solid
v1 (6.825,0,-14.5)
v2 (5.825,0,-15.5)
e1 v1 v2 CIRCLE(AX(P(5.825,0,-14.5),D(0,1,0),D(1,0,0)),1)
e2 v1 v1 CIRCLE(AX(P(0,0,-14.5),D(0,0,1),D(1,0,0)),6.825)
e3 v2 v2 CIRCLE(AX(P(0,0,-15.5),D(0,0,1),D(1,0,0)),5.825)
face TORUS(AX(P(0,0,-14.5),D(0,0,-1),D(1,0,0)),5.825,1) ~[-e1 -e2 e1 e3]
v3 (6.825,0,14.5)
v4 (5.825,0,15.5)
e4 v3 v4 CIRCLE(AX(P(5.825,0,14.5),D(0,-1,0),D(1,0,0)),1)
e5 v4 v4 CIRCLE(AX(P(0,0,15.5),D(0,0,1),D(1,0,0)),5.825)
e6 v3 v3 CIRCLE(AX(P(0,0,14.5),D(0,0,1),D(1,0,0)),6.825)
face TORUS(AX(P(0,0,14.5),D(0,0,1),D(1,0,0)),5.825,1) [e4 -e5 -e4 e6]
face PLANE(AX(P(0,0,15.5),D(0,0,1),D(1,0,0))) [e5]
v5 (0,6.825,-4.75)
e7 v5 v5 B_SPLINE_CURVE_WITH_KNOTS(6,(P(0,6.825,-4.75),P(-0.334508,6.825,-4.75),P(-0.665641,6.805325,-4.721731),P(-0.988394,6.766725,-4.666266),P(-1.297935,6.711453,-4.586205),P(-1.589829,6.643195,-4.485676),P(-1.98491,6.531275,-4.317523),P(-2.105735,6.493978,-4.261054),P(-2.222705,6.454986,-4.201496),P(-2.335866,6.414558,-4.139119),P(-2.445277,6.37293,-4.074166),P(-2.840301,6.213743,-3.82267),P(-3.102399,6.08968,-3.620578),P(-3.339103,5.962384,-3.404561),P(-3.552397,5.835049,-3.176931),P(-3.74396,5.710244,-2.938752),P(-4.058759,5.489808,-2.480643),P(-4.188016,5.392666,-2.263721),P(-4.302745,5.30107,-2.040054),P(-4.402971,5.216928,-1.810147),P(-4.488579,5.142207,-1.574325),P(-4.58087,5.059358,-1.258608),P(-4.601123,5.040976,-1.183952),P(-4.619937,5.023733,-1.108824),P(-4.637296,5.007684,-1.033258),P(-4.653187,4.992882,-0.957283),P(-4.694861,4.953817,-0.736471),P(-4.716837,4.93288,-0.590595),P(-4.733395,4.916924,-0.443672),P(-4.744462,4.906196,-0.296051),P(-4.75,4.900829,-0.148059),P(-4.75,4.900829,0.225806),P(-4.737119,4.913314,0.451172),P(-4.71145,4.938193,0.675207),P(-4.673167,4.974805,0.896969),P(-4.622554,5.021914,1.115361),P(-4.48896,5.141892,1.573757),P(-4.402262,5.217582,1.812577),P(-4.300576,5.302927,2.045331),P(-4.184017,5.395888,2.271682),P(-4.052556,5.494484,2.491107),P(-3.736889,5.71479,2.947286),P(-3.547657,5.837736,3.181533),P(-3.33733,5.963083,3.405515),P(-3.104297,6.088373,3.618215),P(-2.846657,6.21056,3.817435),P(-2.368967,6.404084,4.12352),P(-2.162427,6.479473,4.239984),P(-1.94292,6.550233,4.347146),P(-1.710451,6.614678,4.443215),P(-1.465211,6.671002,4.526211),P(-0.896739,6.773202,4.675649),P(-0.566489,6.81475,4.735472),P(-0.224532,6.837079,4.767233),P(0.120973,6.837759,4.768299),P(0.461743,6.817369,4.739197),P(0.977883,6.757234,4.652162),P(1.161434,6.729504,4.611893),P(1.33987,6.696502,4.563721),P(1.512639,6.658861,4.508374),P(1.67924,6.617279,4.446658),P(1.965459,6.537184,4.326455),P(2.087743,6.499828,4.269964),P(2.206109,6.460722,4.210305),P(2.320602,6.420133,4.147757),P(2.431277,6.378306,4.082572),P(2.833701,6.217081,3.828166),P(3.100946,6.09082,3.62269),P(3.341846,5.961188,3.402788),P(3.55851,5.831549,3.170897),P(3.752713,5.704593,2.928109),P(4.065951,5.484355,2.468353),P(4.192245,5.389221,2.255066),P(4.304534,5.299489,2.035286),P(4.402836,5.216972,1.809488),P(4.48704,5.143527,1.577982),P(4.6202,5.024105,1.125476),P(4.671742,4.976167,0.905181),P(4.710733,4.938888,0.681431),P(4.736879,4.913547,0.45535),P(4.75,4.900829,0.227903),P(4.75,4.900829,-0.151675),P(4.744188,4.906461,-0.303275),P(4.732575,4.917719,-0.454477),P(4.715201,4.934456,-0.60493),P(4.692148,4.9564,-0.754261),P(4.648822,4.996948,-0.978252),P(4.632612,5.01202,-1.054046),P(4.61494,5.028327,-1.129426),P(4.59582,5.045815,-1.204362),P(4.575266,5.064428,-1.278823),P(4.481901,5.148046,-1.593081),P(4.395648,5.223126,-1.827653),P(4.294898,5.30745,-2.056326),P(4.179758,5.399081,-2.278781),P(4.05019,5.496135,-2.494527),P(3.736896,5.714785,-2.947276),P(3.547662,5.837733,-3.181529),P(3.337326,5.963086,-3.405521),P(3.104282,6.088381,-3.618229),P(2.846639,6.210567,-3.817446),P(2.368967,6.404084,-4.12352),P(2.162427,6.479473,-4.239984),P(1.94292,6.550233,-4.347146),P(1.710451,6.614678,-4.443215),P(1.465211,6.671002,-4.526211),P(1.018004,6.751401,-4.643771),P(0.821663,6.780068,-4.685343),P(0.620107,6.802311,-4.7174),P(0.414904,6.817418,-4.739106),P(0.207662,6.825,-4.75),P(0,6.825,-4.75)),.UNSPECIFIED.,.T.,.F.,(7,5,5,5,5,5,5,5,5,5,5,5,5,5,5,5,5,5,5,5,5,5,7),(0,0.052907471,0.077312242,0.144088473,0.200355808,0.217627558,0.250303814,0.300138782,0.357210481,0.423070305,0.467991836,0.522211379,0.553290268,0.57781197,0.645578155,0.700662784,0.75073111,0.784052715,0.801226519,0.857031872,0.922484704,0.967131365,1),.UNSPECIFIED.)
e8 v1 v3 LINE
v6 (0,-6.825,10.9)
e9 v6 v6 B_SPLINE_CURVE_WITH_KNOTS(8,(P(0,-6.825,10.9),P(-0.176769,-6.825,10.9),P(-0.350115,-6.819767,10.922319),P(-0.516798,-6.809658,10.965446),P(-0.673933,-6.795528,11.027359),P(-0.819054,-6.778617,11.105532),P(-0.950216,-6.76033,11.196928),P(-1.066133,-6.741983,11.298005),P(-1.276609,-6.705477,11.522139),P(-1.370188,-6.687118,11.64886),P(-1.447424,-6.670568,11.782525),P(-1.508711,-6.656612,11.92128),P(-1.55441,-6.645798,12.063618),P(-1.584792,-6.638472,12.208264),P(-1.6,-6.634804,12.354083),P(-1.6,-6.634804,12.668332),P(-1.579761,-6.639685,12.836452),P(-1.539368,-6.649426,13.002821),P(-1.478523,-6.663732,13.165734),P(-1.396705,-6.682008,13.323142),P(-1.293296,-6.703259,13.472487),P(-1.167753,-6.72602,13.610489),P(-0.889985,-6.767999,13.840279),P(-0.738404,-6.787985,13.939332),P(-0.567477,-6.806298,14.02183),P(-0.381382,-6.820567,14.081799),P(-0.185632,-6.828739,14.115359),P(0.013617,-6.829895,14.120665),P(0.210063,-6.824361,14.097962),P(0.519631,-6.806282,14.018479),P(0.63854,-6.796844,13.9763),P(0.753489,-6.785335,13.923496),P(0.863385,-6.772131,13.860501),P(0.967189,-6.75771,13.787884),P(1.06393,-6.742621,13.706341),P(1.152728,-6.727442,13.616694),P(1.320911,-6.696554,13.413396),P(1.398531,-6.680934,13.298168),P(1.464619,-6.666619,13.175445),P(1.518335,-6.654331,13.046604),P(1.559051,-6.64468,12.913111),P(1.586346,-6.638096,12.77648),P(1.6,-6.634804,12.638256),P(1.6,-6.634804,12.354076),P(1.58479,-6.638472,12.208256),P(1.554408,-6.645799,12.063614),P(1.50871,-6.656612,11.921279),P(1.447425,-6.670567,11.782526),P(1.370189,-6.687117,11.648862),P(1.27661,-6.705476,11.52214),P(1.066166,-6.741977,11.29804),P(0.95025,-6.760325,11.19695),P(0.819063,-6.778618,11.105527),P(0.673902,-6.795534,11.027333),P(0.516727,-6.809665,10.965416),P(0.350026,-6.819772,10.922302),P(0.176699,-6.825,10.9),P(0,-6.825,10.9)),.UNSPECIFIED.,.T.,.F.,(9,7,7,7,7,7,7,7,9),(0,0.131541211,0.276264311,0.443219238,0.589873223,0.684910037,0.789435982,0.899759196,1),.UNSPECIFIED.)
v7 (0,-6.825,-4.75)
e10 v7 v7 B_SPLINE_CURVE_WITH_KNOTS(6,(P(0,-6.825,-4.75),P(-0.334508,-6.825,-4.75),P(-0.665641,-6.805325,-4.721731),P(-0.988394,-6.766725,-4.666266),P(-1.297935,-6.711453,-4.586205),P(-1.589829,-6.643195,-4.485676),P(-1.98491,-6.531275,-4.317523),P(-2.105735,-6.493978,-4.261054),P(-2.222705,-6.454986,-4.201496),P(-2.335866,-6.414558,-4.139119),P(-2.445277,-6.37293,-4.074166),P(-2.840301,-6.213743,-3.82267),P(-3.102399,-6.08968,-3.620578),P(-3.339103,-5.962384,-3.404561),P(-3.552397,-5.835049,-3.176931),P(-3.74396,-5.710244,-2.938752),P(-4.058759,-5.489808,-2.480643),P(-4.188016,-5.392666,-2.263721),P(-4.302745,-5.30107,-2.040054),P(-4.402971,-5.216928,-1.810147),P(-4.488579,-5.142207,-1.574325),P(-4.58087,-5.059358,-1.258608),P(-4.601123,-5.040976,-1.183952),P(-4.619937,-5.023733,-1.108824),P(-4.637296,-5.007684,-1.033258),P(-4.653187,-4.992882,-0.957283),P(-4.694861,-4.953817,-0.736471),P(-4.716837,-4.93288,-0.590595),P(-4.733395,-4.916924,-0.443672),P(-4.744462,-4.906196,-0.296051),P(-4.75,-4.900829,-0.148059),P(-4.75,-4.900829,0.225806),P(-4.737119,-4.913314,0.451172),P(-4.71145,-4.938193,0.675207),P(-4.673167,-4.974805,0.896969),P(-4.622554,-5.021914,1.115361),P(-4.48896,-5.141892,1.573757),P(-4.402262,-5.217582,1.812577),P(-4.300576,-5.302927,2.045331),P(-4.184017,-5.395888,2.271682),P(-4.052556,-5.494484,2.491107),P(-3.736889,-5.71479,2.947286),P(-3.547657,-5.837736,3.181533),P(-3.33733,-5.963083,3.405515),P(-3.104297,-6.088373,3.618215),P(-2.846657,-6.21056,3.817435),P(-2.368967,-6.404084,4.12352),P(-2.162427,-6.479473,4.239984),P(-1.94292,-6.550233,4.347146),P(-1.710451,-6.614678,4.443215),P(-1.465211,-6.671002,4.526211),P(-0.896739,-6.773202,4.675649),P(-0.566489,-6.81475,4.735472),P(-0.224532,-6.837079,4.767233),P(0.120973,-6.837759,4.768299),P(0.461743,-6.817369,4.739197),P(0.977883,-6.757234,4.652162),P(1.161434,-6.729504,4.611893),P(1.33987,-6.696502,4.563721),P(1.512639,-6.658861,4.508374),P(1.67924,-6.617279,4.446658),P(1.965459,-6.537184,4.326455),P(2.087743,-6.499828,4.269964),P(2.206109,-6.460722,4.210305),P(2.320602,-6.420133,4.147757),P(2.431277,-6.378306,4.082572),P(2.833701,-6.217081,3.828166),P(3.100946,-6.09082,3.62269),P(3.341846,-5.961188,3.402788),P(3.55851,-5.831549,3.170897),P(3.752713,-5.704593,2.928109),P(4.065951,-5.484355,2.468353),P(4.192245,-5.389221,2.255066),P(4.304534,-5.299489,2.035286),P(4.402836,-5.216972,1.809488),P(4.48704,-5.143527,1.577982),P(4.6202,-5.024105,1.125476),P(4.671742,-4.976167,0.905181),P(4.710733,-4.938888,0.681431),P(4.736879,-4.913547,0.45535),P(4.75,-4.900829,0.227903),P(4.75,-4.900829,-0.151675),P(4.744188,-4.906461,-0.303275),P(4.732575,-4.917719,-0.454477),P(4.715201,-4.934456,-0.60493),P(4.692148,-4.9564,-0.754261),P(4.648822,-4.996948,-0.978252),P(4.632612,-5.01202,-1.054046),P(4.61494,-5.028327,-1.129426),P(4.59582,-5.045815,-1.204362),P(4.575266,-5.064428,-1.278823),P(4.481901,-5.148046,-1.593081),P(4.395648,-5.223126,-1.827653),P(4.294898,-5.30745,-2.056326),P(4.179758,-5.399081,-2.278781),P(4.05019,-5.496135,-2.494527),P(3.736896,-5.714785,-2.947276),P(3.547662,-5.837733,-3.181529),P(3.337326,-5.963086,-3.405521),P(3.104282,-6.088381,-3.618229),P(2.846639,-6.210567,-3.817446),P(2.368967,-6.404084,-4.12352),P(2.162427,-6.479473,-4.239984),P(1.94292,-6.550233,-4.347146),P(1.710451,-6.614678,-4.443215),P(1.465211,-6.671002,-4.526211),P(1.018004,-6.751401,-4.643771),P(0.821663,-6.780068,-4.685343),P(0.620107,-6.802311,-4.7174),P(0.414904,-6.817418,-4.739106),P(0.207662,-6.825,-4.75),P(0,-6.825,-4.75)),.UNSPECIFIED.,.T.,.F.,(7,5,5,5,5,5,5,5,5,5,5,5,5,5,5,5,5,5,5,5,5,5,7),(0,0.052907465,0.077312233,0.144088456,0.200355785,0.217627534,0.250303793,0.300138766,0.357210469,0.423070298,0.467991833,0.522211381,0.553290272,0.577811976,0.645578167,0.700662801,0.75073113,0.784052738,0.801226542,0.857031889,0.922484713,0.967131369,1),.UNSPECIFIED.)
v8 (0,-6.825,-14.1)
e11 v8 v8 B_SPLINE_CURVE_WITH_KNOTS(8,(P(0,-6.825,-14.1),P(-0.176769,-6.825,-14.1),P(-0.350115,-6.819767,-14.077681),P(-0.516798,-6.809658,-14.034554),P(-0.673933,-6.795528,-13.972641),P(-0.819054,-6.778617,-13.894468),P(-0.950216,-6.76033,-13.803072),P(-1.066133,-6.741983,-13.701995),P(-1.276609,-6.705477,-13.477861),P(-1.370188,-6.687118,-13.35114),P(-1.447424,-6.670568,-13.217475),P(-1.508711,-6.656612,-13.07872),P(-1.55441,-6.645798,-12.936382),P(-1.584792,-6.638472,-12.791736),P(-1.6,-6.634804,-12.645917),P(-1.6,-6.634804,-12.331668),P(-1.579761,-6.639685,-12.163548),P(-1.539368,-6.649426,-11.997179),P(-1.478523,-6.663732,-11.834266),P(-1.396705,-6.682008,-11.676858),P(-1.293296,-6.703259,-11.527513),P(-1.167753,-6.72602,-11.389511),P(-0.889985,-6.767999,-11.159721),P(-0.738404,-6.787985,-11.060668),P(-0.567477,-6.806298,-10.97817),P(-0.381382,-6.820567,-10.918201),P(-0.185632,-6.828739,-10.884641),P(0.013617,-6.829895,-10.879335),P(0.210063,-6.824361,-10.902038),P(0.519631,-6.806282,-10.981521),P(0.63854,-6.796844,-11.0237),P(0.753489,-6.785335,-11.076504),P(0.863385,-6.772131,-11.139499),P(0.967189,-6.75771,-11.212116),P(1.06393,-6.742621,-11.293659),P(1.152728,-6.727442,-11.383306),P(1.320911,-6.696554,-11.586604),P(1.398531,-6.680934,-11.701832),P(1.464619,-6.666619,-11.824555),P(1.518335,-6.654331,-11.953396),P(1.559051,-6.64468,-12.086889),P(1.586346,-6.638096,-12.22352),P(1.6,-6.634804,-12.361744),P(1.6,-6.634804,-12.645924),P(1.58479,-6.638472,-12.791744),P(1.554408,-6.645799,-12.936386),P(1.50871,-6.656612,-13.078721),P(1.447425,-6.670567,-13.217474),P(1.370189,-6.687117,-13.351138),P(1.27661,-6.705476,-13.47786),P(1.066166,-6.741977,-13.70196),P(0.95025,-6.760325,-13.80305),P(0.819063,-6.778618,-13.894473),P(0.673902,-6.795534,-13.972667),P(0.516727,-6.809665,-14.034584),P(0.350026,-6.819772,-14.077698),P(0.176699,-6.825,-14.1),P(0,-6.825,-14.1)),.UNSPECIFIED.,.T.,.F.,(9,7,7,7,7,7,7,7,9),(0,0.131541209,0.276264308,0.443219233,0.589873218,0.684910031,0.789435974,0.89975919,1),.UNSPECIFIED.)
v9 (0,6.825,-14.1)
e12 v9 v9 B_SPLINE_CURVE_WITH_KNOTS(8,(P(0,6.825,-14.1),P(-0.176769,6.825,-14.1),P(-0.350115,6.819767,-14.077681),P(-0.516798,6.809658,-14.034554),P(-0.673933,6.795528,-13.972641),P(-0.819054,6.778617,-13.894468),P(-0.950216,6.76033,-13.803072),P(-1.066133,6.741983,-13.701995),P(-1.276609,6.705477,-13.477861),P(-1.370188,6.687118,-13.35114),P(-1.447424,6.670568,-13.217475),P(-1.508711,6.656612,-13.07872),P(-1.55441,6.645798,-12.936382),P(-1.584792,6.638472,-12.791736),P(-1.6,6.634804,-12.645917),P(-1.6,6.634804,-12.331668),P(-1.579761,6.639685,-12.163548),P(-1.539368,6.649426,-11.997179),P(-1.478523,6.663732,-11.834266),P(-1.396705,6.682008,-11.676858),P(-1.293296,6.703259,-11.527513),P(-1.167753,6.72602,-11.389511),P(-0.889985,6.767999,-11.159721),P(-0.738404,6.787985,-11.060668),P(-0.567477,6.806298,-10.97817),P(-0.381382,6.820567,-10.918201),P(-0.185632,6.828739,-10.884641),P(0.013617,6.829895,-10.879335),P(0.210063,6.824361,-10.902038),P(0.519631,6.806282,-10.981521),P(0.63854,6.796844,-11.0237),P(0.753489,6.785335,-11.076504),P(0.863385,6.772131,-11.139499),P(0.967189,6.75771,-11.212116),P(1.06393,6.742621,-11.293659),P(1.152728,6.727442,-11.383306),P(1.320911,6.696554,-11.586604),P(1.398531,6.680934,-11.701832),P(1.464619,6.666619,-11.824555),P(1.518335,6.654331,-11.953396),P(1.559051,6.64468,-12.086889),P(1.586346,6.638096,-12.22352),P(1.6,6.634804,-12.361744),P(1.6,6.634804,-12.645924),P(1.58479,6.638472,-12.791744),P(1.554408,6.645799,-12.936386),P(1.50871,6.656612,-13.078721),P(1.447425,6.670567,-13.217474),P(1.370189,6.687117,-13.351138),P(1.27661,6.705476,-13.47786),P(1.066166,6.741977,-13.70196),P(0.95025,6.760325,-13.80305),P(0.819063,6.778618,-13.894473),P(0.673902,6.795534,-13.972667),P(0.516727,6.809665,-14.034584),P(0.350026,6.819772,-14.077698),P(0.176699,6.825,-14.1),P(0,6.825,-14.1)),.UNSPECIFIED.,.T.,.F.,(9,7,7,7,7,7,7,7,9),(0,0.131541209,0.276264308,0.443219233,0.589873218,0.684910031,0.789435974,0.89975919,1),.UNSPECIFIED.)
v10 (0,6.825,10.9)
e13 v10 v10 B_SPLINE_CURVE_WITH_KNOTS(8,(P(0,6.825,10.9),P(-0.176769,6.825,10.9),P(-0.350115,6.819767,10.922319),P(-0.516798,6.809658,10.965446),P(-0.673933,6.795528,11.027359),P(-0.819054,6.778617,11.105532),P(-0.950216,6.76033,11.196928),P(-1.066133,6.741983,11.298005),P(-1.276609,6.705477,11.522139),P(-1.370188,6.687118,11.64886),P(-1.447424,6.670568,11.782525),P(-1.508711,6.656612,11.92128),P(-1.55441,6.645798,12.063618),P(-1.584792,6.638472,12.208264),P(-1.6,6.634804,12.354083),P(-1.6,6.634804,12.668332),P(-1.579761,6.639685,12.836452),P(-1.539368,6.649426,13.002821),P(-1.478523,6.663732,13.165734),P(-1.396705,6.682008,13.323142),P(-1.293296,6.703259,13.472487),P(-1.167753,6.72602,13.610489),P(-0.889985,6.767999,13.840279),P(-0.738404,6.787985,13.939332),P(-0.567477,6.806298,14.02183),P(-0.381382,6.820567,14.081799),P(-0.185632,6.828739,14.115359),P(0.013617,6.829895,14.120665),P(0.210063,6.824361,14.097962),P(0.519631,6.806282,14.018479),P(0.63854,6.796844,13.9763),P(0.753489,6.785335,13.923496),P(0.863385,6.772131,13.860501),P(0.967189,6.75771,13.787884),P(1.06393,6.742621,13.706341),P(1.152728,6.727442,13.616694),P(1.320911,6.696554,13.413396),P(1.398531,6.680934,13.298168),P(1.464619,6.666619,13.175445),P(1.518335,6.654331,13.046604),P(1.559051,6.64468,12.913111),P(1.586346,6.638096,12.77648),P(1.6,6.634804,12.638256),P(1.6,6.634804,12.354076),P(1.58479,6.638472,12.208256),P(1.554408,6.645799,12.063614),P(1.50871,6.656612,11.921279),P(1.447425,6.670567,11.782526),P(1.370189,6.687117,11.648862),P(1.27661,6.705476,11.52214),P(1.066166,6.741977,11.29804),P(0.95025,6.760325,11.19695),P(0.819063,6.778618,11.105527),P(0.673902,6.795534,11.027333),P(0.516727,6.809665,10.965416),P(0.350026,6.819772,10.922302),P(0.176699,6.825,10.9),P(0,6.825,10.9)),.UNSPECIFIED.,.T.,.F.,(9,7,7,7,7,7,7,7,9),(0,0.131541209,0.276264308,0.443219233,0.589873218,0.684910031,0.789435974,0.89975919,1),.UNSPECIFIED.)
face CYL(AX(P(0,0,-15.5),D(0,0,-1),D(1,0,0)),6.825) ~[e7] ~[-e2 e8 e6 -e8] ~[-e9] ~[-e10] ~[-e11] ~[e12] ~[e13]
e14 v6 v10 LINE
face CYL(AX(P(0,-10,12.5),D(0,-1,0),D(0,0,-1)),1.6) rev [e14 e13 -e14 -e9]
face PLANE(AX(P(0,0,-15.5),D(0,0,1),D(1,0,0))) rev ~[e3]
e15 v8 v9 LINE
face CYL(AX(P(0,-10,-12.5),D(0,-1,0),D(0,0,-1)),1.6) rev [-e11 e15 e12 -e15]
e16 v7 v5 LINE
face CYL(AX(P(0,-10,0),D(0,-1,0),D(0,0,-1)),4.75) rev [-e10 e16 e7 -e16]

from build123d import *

# Parameters (mm, degrees)
BOSS_EXTRUDE1_DEPTH      = 15.5
BOSS_EXTRUDE1_DEPTH_BACK = 15.5
SKETCH1_R                = 6.825
CUT_EXTRUDE1_DEPTH       = 10
CUT_EXTRUDE1_DEPTH_BACK  = 10
SKETCH2_R                = 4.75
SKETCH2_R_2              = 1.6
FILLET1_R                = 1


with BuildPart() as part:
    # Sketch1 → Boss-Extrude1 (new, two sides: drawn at the far end of the back side and taken through both)
    with BuildSketch(Plane.XY.offset(-BOSS_EXTRUDE1_DEPTH_BACK)):
        Circle(SKETCH1_R)
    extrude(amount=BOSS_EXTRUDE1_DEPTH + BOSS_EXTRUDE1_DEPTH_BACK)

    # Sketch2 → Cut-Extrude1 (cut, two sides: drawn at the far end of the back side and taken through both)
    with BuildSketch(Plane(origin=(0, 0, 0), x_dir=(1, 0, 0), z_dir=(0, 1, 0)).offset(-CUT_EXTRUDE1_DEPTH_BACK)):
        Circle(SKETCH2_R)
        with Locations((0, -12.5)):
            Circle(SKETCH2_R_2)
        with Locations((0, 12.5)):
            Circle(SKETCH2_R_2)
    extrude(amount=CUT_EXTRUDE1_DEPTH + CUT_EXTRUDE1_DEPTH_BACK, mode=Mode.SUBTRACT)

    # Fillet1
    fillet1_edges = [part.edges().sort_by_distance(p)[0] for p in [
        (-6.825, 0, 15.5),
        (-6.825, 0, -15.5),
    ]]
    fillet(fillet1_edges, radius=FILLET1_R)


solid = part.part
